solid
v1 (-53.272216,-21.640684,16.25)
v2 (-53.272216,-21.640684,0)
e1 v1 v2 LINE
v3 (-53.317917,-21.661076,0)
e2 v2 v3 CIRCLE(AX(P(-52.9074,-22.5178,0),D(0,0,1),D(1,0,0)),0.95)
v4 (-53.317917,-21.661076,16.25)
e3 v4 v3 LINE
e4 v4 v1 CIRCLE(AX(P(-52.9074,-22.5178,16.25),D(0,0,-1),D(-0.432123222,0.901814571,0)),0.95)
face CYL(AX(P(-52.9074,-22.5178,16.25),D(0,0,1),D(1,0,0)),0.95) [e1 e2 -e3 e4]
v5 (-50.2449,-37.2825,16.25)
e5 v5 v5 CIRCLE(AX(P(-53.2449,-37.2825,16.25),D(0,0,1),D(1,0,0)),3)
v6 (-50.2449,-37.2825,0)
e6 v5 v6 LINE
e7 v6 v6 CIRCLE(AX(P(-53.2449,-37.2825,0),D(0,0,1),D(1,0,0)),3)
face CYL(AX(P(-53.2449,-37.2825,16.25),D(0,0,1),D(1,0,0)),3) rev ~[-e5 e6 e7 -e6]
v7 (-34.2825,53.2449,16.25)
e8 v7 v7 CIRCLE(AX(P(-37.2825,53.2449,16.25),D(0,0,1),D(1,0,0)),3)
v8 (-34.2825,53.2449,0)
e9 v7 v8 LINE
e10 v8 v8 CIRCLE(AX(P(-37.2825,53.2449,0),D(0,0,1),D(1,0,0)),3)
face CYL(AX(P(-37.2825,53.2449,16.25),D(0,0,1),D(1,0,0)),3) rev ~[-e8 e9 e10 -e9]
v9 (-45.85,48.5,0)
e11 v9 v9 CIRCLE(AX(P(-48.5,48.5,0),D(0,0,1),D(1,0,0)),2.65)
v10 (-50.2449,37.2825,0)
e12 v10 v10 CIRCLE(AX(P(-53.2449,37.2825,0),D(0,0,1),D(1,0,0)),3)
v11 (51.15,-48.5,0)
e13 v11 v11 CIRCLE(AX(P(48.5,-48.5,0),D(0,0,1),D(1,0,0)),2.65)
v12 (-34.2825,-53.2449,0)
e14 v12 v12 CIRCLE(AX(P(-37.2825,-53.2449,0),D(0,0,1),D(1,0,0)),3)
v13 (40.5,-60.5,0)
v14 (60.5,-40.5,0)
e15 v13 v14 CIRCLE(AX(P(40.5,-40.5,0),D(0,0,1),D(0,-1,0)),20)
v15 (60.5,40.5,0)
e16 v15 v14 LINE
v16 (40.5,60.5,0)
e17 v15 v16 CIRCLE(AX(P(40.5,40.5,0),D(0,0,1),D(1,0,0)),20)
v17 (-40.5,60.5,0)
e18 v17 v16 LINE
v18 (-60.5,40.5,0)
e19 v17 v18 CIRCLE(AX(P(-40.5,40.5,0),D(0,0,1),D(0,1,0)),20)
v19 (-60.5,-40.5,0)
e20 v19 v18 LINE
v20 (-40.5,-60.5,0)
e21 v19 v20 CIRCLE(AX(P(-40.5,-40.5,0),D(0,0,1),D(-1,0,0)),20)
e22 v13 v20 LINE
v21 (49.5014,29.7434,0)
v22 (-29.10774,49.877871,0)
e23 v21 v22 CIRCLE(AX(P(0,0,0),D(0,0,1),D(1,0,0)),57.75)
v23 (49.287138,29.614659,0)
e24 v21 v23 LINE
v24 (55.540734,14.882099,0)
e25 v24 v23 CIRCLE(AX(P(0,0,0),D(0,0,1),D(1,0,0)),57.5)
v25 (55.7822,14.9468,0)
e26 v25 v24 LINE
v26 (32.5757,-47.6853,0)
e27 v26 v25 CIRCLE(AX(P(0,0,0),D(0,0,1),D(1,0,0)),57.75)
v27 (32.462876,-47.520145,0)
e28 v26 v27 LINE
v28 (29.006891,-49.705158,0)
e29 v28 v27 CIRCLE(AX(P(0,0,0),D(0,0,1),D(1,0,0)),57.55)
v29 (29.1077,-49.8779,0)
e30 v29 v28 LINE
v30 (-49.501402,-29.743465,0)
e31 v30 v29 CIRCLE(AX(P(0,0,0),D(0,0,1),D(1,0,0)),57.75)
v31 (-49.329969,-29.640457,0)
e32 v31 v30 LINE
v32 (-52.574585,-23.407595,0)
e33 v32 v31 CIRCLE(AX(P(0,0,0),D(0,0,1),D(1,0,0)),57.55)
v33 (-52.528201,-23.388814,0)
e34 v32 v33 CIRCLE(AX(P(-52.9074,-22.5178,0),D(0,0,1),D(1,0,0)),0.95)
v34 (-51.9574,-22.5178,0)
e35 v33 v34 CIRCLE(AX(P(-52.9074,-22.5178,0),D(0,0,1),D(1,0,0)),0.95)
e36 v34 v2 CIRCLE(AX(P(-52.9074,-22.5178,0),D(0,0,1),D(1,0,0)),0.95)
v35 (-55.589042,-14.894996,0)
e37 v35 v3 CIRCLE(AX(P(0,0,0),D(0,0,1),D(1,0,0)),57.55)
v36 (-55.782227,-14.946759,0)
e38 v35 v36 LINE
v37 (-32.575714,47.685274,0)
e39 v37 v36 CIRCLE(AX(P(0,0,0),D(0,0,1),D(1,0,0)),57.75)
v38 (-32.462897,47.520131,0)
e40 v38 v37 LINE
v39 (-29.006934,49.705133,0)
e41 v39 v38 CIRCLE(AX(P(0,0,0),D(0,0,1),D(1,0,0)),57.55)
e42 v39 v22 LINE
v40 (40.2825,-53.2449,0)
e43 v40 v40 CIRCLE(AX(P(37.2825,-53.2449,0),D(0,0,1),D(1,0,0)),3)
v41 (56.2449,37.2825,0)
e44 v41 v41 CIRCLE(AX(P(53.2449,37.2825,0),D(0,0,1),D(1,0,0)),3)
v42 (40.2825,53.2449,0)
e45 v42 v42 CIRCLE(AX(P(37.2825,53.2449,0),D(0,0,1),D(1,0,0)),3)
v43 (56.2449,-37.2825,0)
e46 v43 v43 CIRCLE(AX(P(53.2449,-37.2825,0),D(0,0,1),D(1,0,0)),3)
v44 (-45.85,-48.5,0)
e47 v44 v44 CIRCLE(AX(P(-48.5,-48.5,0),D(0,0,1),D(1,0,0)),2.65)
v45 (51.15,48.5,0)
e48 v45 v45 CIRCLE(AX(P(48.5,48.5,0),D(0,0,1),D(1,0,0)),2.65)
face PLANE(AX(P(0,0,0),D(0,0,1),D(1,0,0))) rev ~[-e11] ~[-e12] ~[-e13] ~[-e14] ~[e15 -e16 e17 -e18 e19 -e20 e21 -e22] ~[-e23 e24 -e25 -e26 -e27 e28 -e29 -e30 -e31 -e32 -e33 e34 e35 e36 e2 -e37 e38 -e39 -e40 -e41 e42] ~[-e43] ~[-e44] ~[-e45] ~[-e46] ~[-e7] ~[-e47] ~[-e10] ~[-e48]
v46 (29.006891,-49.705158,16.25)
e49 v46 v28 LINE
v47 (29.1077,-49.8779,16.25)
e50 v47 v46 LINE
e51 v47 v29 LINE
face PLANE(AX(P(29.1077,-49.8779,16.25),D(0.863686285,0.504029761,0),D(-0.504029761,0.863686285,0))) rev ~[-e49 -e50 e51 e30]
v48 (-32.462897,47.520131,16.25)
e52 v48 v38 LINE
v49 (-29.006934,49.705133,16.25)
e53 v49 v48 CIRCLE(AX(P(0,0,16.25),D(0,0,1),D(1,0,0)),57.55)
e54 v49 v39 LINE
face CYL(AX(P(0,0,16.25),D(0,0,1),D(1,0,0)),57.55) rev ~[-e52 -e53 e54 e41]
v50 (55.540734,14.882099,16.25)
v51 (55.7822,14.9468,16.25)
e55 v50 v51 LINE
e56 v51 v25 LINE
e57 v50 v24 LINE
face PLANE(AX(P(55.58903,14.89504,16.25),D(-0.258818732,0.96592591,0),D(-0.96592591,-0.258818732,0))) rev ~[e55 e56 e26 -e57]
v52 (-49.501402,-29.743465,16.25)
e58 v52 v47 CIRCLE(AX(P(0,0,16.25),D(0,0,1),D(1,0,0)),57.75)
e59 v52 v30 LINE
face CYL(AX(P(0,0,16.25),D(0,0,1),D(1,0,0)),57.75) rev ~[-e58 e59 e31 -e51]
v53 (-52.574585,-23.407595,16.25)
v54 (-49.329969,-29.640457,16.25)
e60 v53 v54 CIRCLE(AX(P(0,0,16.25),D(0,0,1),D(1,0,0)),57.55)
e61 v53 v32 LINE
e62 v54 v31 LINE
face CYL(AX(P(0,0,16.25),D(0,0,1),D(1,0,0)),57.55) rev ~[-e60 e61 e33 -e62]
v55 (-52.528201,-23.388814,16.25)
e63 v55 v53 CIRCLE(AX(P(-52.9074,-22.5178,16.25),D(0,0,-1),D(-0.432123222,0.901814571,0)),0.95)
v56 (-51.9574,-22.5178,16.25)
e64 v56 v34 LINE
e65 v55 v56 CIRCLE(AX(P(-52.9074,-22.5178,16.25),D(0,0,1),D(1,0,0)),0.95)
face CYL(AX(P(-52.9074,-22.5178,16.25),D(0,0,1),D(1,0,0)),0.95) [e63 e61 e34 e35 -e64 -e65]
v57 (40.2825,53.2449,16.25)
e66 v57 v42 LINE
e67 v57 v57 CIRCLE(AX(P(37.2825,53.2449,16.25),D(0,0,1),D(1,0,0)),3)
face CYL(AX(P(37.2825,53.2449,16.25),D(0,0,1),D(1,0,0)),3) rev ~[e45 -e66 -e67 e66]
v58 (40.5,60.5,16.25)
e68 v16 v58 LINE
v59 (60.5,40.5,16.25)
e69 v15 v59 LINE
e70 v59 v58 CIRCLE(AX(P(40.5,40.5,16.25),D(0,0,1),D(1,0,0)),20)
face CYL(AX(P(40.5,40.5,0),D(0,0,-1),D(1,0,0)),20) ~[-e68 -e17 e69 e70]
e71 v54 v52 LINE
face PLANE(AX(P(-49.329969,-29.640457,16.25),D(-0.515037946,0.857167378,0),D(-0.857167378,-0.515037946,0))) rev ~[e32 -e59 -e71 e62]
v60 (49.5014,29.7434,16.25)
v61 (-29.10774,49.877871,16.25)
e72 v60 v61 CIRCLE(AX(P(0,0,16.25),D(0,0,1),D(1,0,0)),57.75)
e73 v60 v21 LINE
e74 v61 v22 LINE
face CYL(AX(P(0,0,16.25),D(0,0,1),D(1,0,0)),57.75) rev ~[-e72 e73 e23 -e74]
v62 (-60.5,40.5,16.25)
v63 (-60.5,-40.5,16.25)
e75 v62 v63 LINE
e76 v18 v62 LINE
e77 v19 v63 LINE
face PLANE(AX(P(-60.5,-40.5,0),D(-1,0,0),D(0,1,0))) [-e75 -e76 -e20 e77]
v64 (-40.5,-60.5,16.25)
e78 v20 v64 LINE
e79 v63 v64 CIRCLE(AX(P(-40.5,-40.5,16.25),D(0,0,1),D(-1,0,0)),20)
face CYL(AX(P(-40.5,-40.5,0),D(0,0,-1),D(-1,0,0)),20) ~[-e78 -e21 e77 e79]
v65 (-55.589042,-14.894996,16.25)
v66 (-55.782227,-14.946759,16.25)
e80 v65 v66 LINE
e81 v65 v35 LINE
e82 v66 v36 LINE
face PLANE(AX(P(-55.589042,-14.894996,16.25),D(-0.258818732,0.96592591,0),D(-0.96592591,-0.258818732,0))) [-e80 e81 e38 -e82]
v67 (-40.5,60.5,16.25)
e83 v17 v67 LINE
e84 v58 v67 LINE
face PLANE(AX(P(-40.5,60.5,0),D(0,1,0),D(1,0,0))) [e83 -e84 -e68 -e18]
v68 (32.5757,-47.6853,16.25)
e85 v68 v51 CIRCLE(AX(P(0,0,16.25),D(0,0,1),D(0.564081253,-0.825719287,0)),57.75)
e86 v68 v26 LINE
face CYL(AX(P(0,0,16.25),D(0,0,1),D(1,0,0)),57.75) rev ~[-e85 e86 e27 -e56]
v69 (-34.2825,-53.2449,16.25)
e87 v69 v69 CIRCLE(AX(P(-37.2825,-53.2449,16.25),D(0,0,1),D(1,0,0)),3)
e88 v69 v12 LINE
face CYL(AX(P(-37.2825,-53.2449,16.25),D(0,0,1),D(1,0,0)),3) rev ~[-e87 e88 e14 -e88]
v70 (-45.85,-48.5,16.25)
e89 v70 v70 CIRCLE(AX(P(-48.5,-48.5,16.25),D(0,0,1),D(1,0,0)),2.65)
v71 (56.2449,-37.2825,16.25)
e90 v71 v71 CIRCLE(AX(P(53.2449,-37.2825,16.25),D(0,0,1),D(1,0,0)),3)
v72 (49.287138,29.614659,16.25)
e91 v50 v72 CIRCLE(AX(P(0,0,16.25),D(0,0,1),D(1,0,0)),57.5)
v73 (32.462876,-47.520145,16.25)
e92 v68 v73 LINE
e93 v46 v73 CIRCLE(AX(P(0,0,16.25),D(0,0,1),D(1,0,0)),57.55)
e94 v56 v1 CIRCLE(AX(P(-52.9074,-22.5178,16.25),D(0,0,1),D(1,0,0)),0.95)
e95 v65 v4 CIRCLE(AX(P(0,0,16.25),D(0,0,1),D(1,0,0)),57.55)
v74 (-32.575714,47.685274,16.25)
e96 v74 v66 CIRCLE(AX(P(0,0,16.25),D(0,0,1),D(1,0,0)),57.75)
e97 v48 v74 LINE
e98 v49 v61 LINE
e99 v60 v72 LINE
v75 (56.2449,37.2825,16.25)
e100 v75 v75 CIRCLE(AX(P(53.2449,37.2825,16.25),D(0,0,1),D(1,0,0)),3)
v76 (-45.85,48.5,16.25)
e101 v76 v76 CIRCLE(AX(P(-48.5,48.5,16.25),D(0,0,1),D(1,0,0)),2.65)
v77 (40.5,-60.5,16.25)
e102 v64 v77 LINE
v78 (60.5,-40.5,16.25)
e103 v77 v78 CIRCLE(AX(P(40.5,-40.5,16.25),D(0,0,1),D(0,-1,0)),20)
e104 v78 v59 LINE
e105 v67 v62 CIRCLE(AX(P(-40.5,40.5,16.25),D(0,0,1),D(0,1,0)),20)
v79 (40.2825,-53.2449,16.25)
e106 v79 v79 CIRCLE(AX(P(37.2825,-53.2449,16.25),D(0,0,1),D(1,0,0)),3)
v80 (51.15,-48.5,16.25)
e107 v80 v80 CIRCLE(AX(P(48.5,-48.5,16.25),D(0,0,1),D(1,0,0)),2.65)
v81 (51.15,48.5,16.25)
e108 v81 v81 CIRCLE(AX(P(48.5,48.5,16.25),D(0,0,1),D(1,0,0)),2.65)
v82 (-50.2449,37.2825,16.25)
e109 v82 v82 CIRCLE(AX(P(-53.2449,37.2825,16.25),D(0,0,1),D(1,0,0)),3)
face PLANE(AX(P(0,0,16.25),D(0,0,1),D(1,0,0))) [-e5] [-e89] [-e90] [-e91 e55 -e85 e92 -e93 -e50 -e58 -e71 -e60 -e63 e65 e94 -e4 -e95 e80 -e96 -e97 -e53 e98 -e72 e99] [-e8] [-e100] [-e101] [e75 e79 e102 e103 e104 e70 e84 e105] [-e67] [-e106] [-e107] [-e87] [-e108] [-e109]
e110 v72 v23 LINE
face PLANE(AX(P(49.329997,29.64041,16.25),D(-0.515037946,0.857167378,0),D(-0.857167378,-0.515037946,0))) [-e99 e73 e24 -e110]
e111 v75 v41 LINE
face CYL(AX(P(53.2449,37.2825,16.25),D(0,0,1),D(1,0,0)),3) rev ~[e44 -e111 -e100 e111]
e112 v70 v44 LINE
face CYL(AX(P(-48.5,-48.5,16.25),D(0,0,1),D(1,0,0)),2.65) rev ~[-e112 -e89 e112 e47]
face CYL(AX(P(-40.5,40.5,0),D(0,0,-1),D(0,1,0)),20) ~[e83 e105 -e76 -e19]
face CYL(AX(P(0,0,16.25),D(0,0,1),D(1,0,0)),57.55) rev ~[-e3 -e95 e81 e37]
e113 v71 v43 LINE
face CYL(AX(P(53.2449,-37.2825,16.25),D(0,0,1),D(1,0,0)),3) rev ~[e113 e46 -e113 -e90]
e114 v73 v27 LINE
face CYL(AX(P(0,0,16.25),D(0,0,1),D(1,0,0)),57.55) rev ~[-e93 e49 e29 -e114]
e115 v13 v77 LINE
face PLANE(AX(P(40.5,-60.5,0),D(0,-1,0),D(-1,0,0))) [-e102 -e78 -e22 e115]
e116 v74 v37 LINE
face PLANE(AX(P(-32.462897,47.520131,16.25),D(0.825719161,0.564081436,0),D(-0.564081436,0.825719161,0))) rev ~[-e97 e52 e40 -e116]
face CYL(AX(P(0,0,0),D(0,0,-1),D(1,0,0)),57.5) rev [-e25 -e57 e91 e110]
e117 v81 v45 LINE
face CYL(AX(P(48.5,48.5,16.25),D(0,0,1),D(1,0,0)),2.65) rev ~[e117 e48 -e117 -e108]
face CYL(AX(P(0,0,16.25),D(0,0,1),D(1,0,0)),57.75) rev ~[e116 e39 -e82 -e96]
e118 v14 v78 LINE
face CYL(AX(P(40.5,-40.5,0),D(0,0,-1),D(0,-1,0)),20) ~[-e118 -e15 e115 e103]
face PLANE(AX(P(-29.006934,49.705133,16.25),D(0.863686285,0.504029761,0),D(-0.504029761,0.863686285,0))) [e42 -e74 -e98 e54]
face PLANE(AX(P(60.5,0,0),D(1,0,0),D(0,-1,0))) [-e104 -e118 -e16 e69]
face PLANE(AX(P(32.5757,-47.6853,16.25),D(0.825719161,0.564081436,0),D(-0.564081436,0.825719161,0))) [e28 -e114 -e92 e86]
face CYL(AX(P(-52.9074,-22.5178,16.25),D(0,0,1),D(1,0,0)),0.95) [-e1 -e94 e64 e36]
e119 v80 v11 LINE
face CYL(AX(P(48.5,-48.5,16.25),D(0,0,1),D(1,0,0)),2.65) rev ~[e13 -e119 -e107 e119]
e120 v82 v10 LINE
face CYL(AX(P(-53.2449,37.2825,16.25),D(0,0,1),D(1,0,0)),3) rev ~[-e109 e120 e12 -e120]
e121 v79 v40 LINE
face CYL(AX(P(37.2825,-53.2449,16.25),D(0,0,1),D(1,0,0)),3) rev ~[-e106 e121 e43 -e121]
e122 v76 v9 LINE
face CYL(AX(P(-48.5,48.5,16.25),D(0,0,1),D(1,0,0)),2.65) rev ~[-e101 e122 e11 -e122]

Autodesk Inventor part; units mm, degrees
ref_plane "YZ Plane" through (0, 0, 0) normal (1, 0, 0) x (0, 1, 0)
ref_plane "XZ Plane" through (0, 0, 0) normal (0, 1, 0) x (-1, 0, 0)
ref_plane "XY Plane" through (0, 0, 0) normal (0, 0, 1) x (1, 0, 0)
sketch "Sketch1" plane through (0, 0, 0) normal (0, 0, 1) x (1, 0, 0)
  circle A0 centre (0, 0) radius 57.5
  circle A1 centre (0, 0) radius 60.5
  line L0 (-40.5, 60.5) -> (40.5, 60.5)
  line L1 (60.5, 40.5) -> (60.5, -40.5)
  line L2 (40.5, -60.5) -> (-40.5, -60.5)
  line L3 (-60.5, -40.5) -> (-60.5, 40.5)
  arc A2 (-40.5, 60.5) -> (-60.5, 40.5) centre (-40.5, 40.5) ccw
  arc A3 (60.5, 40.5) -> (40.5, 60.5) centre (40.5, 40.5) ccw
  arc A4 (40.5, -60.5) -> (60.5, -40.5) centre (40.5, -40.5) ccw
  arc A5 (-60.5, -40.5) -> (-40.5, -60.5) centre (-40.5, -40.5) ccw
  dimension "d0" = 115
  dimension "d1" = 121
  dimension "d2" = 20
extrude "Extrusion1" add sketch "Sketch1" along normal blind 16.25
sketch "Sketch3" plane through (0, 0, 16.25) normal (0, 0, 1) x (1, 0, 0)
  circle A0 centre (-48.5, -48.5) radius 2.65 projected
  circle A1 centre (-53.2449, -37.2825) radius 2.15 projected
  circle A2 centre (-37.2825, -53.2449) radius 2.15 projected
  circle A3 centre (37.2825, -53.2449) radius 2.15 projected
  circle A4 centre (48.5, -48.5) radius 2.65 projected
  circle A5 centre (53.2449, -37.2825) radius 2.15 projected
  circle A6 centre (53.2449, 37.2825) radius 2.15 projected
  circle A7 centre (48.5, 48.5) radius 2.65 projected
  circle A8 centre (37.2825, 53.2449) radius 2.15 projected
  circle A9 centre (-37.2825, 53.2449) radius 2.15 projected
  circle A10 centre (-48.5, 48.5) radius 2.65 projected
  circle A11 centre (-53.2449, 37.2825) radius 2.15 projected
  point P0 (0, 0)
extrude "Extrusion3" cut sketch "Sketch3" against normal through all
sketch "Sketch4" plane through (0, 0, 16.25) normal (0, 0, 1) x (1, 0, 0)
  circle A0 centre (-37.2825, -53.2449) radius 2.15 projected
  circle A1 centre (-37.2825, -53.2449) radius 3
  circle A2 centre (-53.2449, -37.2825) radius 2.15 projected
  circle A3 centre (-53.2449, -37.2825) radius 3
  circle A4 centre (-53.2449, 37.2825) radius 2.15 projected
  circle A5 centre (-53.2449, 37.2825) radius 3
  circle A6 centre (-37.2825, 53.2449) radius 2.15 projected
  circle A7 centre (-37.2825, 53.2449) radius 3
  circle A8 centre (37.2825, 53.2449) radius 2.15 projected
  circle A9 centre (37.2825, 53.2449) radius 3
  circle A10 centre (53.2449, 37.2825) radius 2.15 projected
  circle A11 centre (53.2449, 37.2825) radius 3
  circle A12 centre (53.2449, -37.2825) radius 2.15 projected
  circle A13 centre (53.2449, -37.2825) radius 3
  circle A14 centre (37.2825, -53.2449) radius 2.15 projected
  circle A15 centre (37.2825, -53.2449) radius 3
  point P0 (0, 0)
  point P1 (48.5, -48.5)
  dimension "d28" = 6
  dimension "d29" = 6
  dimension "d30" = 6
  dimension "d31" = 6
  dimension "d32" = 6
  dimension "d33" = 6
  dimension "d34" = 6
  dimension "d36" = 6
extrude "Extrusion4" cut sketch "Sketch4" against normal through all contours A0 | A1 | A2 | A3 | A4 | A5 | A6 | A7 | A8 | A9 | A10 | A11 | A12 | A13 | A14 | A15
sketch "Sketch5" plane through (0, 0, 16.25) normal (0, 0, 1) x (1, 0, 0)
  arc A0 (-51.9873, -22.1262) -> (-53.291, -21.5943) centre (-52.9074, -22.5178) ccw
  arc A1 (-52.5078, -23.4345) -> (-51.9873, -22.1262) centre (-52.9074, -22.5178) ccw
  circle A2 centre (0, 0) radius 57.55
  circle A3 centre (-52.9074, -22.5178) radius 0.95
  circle A4 centre (0, 0) radius 57.75
  line L0 (55.7822, 14.9468) -> (-70.3053, -18.8382)
  line L1 (40.5, 60.5) -> (-40.5, 60.5) projected
  line L2 (49.5014, 29.7434) -> (-78.6926, -47.2833)
  line L3 (32.5757, -47.6853) -> (-33.549, 49.11)
  line L4 (29.1077, -49.8779) -> (-30.5513, 52.3515)
  point P0 (-55.7822, -14.9468)
  point P1 (-55.589, -14.895)
  point P2 (-53.3179, -21.6611)
  point P3 (-52.5746, -23.4076)
  point P4 (-49.33, -29.6404)
  point P5 (-49.5014, -29.7434)
  point P6 (29.0069, -49.7051)
  point P7 (32.4629, -47.5201)
  point P8 (-29.1077, 49.8779)
  point P9 (-29.0069, 49.7051)
  point P10 (-32.4629, 47.5201)
  point P11 (-32.5757, 47.6853)
  dimension "d39" = 115.1
  dimension "d40" = 115.5
  dimension "d41" = 15
  dimension "d42" = 16
extrude "Extrusion5" cut sketch "Sketch5" against normal through all contours A2 L3 L0 | A2 L0 A4 L3 | A2 L4 L3 | L2 L4 A2 | A2 L4 A4 L2 | L2 A2 A3 L0 | L4 A2 L2 | L0 A2 L3 | L3 A2 L4 | L4 A4 L2 A2 | L0 A4 L3 A2
sketch "Sketch6" plane through (0, 0, 16.25) normal (0, 0, 1) x (1, 0, 0)
  arc A0 (-52.5078, -23.4345) -> (-51.9873, -22.1262) centre (-52.9074, -22.5178) ccw
  arc A1 (-51.9873, -22.1262) -> (-53.291, -21.5943) centre (-52.9074, -22.5178) ccw
  arc A2 (-53.2722, -21.6407) -> (-52.5282, -23.3888) centre (0, 0) ccw projected
  circle A3 centre (-52.9074, -22.5178) radius 0.95
  point P0 (-52.5282, -23.3888)
extrude "Extrusion6" add sketch "Sketch6" against normal up to surface (16.25 mm away) contours A3 A2 picked at (-52.6277, -22.3682)
equation "\"d28\" = d31"
equation "\"d29\" = d31"
equation "\"d30\" = d31"
equation "\"d32\" = d31"
equation "\"d33\" = d31"
equation "\"d34\" = d31"
equation "\"d36\" = d31"
properties part number "stator_center_00_p" material "PC/ABS Plastic"
